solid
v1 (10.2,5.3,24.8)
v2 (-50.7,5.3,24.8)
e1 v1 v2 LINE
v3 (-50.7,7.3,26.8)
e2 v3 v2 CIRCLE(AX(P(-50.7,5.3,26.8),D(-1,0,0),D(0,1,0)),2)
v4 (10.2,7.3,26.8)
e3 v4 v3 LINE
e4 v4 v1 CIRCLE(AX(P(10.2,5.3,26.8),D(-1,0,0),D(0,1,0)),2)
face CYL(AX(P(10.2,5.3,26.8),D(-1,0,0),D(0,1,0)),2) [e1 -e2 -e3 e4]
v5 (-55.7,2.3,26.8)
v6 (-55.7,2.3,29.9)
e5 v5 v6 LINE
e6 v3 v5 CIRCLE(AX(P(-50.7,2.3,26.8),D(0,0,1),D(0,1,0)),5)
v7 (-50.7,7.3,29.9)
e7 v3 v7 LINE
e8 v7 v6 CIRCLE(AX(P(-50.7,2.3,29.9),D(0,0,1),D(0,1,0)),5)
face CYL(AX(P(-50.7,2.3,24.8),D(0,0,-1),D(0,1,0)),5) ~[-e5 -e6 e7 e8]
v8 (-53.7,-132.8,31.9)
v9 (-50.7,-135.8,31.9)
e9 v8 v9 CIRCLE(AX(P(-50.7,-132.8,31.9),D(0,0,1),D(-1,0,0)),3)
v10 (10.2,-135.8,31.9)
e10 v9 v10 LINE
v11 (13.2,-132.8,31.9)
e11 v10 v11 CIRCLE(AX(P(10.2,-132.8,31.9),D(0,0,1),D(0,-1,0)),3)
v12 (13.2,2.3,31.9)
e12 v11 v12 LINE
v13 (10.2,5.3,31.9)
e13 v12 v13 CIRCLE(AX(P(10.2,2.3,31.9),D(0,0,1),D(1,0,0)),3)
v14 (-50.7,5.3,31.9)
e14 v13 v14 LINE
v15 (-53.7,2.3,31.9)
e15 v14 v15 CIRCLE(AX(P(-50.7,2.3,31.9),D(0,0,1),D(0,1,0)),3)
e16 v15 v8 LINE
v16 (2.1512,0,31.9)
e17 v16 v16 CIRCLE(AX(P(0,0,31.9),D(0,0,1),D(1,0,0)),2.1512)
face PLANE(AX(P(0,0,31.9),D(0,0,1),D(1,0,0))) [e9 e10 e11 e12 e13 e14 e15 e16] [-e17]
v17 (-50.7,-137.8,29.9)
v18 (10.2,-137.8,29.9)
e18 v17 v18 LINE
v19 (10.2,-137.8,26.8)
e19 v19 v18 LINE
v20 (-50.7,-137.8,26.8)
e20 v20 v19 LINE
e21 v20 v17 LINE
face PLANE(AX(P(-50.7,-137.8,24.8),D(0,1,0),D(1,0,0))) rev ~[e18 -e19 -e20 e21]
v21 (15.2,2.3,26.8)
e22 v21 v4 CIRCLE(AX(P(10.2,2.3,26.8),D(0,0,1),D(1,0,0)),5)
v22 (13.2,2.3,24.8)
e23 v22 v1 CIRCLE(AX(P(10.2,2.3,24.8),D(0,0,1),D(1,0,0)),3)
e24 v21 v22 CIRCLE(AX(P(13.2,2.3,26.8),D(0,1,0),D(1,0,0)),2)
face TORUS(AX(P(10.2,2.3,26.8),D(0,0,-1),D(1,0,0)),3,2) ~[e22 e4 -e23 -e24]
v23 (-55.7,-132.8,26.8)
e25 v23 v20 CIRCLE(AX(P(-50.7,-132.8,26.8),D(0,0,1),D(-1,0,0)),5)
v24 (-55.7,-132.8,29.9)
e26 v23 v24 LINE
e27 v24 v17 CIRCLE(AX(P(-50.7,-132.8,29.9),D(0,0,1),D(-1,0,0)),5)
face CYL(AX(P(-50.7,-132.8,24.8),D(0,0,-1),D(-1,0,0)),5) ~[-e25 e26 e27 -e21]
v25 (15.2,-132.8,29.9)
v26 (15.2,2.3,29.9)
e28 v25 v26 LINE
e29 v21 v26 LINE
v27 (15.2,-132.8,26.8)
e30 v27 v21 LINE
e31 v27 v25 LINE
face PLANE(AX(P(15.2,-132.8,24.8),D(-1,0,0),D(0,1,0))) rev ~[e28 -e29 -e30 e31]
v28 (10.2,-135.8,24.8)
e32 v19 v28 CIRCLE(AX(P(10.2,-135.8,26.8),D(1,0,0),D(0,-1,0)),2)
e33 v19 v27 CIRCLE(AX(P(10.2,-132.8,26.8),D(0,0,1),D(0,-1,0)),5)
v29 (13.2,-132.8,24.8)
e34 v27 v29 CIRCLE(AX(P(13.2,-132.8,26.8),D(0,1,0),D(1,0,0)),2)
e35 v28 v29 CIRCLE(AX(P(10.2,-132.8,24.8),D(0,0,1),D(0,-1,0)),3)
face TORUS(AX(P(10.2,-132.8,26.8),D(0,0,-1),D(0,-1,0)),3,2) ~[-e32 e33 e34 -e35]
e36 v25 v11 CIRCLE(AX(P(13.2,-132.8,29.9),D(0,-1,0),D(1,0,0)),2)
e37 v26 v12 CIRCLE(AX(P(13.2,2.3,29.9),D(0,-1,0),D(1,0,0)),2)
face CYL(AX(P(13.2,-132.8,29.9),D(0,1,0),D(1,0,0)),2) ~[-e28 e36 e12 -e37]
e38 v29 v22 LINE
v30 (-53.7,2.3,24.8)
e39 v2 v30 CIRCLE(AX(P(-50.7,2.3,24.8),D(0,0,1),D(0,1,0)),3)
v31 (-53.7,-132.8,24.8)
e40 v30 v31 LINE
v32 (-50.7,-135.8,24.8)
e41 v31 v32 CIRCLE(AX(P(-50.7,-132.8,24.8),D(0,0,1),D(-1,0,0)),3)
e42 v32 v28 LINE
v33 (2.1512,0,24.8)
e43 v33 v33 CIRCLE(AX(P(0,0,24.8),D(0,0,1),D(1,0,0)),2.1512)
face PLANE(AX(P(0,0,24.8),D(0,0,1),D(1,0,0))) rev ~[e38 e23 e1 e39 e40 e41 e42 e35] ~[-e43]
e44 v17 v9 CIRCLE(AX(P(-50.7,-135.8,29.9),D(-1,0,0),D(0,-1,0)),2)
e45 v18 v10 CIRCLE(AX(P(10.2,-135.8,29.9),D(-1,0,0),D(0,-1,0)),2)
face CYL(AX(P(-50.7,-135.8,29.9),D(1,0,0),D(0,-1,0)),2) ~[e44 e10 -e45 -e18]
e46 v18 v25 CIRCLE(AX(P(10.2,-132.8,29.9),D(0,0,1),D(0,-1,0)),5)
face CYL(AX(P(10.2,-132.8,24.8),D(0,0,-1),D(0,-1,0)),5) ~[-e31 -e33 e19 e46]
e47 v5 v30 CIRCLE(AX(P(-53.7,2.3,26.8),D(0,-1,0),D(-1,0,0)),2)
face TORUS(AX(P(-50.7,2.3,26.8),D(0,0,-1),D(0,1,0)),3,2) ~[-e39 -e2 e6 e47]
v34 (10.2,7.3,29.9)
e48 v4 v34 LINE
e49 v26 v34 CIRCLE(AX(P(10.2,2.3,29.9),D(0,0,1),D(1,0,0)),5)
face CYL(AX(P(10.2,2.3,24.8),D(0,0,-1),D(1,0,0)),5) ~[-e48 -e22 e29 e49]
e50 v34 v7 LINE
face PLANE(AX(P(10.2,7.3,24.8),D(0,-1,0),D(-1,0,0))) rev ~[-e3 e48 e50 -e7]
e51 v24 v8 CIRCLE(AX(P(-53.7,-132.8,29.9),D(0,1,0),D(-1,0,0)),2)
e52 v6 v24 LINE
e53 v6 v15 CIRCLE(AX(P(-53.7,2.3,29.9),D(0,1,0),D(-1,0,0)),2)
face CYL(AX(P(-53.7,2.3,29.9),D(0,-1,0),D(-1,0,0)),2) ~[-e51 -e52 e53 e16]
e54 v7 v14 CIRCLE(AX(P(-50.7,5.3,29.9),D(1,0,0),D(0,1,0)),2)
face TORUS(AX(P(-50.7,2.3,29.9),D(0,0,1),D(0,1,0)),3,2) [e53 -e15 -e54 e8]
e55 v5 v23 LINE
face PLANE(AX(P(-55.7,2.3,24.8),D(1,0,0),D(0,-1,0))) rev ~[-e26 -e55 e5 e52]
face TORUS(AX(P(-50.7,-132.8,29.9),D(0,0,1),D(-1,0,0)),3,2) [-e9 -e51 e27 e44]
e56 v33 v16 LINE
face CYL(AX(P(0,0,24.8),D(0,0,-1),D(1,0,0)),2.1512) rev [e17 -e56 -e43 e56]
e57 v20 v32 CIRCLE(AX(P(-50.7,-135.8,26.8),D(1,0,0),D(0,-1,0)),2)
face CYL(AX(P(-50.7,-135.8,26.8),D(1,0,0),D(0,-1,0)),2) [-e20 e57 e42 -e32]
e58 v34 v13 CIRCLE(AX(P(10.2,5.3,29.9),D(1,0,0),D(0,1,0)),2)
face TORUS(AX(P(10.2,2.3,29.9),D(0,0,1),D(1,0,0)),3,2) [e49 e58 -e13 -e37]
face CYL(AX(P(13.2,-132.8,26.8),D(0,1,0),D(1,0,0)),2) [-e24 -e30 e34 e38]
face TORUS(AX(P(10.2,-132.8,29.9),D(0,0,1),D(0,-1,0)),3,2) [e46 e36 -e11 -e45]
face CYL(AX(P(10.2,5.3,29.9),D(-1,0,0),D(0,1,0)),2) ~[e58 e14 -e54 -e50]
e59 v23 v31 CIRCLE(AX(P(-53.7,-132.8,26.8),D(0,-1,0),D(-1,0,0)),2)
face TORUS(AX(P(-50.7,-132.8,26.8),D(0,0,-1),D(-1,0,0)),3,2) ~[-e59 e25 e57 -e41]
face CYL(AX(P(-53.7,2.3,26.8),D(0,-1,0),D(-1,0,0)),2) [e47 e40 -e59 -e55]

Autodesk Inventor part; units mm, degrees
ref_plane "YZ Plane" through (0, 0, 0) normal (1, 0, 0) x (0, 1, 0)
ref_plane "XZ Plane" through (0, 0, 0) normal (0, 1, 0) x (-1, 0, 0)
ref_plane "XY Plane" through (0, 0, 0) normal (0, 0, 1) x (1, 0, 0)
ref_plane "Work Plane1" through (0, 0, 24.8) normal (0, 0, 1) x (1, 0, 0)
sketch "Sketch1" plane through (0, 0, 24.8) normal (0, 0, 1) x (1, 0, 0)
  circle A0 centre (0, 0) radius 2.1512
  line L0 (10.2, 7.3) -> (-50.7, 7.3)
  line L1 (-55.7, 2.3) -> (-55.7, -132.8)
  line L2 (-50.7, -137.8) -> (10.2, -137.8)
  line L3 (15.2, -132.8) -> (15.2, 2.3)
  arc A1 (-50.7, 7.3) -> (-55.7, 2.3) centre (-50.7, 2.3) ccw
  arc A2 (10.2, -137.8) -> (15.2, -132.8) centre (10.2, -132.8) ccw
  arc A3 (-55.7, -132.8) -> (-50.7, -137.8) centre (-50.7, -132.8) ccw
  arc A4 (15.2, 2.3) -> (10.2, 7.3) centre (10.2, 2.3) ccw
  point P0 (-55.7, -137.8)
  point P1 (-55.7, 7.3)
  point P2 (15.2, -137.8)
  dimension "d0" = 70.9
  dimension "d1" = 145.1
  dimension "d2" = 15.2
  dimension "d3" = 7.3
  dimension "d5" = 5
extrude "Extrusion1" add sketch "Sketch1" along normal blind 7.1
fillet "Fillet1" radius 2 16 edges at (13.7355, 5.8355, 31.9) (-20.25, 7.3, 31.9) (-54.2355, 5.8355, 31.9) (-55.7, -65.25, 31.9) (-54.2355, -136.3355, 31.9) (-20.25, -137.8, 31.9) (13.7355, -136.3355, 31.9) (15.2, -65.25, 31.9) (-54.2355, 5.8355, 24.8) (-55.7, -65.25, 24.8) (-54.2355, -136.3355, 24.8) (-20.25, -137.8, 24.8) (13.7355, -136.3355, 24.8) (15.2, -65.25, 24.8) (13.7355, 5.8355, 24.8) (-20.25, 7.3, 24.8)
properties part number "100_Huawei_P9"
